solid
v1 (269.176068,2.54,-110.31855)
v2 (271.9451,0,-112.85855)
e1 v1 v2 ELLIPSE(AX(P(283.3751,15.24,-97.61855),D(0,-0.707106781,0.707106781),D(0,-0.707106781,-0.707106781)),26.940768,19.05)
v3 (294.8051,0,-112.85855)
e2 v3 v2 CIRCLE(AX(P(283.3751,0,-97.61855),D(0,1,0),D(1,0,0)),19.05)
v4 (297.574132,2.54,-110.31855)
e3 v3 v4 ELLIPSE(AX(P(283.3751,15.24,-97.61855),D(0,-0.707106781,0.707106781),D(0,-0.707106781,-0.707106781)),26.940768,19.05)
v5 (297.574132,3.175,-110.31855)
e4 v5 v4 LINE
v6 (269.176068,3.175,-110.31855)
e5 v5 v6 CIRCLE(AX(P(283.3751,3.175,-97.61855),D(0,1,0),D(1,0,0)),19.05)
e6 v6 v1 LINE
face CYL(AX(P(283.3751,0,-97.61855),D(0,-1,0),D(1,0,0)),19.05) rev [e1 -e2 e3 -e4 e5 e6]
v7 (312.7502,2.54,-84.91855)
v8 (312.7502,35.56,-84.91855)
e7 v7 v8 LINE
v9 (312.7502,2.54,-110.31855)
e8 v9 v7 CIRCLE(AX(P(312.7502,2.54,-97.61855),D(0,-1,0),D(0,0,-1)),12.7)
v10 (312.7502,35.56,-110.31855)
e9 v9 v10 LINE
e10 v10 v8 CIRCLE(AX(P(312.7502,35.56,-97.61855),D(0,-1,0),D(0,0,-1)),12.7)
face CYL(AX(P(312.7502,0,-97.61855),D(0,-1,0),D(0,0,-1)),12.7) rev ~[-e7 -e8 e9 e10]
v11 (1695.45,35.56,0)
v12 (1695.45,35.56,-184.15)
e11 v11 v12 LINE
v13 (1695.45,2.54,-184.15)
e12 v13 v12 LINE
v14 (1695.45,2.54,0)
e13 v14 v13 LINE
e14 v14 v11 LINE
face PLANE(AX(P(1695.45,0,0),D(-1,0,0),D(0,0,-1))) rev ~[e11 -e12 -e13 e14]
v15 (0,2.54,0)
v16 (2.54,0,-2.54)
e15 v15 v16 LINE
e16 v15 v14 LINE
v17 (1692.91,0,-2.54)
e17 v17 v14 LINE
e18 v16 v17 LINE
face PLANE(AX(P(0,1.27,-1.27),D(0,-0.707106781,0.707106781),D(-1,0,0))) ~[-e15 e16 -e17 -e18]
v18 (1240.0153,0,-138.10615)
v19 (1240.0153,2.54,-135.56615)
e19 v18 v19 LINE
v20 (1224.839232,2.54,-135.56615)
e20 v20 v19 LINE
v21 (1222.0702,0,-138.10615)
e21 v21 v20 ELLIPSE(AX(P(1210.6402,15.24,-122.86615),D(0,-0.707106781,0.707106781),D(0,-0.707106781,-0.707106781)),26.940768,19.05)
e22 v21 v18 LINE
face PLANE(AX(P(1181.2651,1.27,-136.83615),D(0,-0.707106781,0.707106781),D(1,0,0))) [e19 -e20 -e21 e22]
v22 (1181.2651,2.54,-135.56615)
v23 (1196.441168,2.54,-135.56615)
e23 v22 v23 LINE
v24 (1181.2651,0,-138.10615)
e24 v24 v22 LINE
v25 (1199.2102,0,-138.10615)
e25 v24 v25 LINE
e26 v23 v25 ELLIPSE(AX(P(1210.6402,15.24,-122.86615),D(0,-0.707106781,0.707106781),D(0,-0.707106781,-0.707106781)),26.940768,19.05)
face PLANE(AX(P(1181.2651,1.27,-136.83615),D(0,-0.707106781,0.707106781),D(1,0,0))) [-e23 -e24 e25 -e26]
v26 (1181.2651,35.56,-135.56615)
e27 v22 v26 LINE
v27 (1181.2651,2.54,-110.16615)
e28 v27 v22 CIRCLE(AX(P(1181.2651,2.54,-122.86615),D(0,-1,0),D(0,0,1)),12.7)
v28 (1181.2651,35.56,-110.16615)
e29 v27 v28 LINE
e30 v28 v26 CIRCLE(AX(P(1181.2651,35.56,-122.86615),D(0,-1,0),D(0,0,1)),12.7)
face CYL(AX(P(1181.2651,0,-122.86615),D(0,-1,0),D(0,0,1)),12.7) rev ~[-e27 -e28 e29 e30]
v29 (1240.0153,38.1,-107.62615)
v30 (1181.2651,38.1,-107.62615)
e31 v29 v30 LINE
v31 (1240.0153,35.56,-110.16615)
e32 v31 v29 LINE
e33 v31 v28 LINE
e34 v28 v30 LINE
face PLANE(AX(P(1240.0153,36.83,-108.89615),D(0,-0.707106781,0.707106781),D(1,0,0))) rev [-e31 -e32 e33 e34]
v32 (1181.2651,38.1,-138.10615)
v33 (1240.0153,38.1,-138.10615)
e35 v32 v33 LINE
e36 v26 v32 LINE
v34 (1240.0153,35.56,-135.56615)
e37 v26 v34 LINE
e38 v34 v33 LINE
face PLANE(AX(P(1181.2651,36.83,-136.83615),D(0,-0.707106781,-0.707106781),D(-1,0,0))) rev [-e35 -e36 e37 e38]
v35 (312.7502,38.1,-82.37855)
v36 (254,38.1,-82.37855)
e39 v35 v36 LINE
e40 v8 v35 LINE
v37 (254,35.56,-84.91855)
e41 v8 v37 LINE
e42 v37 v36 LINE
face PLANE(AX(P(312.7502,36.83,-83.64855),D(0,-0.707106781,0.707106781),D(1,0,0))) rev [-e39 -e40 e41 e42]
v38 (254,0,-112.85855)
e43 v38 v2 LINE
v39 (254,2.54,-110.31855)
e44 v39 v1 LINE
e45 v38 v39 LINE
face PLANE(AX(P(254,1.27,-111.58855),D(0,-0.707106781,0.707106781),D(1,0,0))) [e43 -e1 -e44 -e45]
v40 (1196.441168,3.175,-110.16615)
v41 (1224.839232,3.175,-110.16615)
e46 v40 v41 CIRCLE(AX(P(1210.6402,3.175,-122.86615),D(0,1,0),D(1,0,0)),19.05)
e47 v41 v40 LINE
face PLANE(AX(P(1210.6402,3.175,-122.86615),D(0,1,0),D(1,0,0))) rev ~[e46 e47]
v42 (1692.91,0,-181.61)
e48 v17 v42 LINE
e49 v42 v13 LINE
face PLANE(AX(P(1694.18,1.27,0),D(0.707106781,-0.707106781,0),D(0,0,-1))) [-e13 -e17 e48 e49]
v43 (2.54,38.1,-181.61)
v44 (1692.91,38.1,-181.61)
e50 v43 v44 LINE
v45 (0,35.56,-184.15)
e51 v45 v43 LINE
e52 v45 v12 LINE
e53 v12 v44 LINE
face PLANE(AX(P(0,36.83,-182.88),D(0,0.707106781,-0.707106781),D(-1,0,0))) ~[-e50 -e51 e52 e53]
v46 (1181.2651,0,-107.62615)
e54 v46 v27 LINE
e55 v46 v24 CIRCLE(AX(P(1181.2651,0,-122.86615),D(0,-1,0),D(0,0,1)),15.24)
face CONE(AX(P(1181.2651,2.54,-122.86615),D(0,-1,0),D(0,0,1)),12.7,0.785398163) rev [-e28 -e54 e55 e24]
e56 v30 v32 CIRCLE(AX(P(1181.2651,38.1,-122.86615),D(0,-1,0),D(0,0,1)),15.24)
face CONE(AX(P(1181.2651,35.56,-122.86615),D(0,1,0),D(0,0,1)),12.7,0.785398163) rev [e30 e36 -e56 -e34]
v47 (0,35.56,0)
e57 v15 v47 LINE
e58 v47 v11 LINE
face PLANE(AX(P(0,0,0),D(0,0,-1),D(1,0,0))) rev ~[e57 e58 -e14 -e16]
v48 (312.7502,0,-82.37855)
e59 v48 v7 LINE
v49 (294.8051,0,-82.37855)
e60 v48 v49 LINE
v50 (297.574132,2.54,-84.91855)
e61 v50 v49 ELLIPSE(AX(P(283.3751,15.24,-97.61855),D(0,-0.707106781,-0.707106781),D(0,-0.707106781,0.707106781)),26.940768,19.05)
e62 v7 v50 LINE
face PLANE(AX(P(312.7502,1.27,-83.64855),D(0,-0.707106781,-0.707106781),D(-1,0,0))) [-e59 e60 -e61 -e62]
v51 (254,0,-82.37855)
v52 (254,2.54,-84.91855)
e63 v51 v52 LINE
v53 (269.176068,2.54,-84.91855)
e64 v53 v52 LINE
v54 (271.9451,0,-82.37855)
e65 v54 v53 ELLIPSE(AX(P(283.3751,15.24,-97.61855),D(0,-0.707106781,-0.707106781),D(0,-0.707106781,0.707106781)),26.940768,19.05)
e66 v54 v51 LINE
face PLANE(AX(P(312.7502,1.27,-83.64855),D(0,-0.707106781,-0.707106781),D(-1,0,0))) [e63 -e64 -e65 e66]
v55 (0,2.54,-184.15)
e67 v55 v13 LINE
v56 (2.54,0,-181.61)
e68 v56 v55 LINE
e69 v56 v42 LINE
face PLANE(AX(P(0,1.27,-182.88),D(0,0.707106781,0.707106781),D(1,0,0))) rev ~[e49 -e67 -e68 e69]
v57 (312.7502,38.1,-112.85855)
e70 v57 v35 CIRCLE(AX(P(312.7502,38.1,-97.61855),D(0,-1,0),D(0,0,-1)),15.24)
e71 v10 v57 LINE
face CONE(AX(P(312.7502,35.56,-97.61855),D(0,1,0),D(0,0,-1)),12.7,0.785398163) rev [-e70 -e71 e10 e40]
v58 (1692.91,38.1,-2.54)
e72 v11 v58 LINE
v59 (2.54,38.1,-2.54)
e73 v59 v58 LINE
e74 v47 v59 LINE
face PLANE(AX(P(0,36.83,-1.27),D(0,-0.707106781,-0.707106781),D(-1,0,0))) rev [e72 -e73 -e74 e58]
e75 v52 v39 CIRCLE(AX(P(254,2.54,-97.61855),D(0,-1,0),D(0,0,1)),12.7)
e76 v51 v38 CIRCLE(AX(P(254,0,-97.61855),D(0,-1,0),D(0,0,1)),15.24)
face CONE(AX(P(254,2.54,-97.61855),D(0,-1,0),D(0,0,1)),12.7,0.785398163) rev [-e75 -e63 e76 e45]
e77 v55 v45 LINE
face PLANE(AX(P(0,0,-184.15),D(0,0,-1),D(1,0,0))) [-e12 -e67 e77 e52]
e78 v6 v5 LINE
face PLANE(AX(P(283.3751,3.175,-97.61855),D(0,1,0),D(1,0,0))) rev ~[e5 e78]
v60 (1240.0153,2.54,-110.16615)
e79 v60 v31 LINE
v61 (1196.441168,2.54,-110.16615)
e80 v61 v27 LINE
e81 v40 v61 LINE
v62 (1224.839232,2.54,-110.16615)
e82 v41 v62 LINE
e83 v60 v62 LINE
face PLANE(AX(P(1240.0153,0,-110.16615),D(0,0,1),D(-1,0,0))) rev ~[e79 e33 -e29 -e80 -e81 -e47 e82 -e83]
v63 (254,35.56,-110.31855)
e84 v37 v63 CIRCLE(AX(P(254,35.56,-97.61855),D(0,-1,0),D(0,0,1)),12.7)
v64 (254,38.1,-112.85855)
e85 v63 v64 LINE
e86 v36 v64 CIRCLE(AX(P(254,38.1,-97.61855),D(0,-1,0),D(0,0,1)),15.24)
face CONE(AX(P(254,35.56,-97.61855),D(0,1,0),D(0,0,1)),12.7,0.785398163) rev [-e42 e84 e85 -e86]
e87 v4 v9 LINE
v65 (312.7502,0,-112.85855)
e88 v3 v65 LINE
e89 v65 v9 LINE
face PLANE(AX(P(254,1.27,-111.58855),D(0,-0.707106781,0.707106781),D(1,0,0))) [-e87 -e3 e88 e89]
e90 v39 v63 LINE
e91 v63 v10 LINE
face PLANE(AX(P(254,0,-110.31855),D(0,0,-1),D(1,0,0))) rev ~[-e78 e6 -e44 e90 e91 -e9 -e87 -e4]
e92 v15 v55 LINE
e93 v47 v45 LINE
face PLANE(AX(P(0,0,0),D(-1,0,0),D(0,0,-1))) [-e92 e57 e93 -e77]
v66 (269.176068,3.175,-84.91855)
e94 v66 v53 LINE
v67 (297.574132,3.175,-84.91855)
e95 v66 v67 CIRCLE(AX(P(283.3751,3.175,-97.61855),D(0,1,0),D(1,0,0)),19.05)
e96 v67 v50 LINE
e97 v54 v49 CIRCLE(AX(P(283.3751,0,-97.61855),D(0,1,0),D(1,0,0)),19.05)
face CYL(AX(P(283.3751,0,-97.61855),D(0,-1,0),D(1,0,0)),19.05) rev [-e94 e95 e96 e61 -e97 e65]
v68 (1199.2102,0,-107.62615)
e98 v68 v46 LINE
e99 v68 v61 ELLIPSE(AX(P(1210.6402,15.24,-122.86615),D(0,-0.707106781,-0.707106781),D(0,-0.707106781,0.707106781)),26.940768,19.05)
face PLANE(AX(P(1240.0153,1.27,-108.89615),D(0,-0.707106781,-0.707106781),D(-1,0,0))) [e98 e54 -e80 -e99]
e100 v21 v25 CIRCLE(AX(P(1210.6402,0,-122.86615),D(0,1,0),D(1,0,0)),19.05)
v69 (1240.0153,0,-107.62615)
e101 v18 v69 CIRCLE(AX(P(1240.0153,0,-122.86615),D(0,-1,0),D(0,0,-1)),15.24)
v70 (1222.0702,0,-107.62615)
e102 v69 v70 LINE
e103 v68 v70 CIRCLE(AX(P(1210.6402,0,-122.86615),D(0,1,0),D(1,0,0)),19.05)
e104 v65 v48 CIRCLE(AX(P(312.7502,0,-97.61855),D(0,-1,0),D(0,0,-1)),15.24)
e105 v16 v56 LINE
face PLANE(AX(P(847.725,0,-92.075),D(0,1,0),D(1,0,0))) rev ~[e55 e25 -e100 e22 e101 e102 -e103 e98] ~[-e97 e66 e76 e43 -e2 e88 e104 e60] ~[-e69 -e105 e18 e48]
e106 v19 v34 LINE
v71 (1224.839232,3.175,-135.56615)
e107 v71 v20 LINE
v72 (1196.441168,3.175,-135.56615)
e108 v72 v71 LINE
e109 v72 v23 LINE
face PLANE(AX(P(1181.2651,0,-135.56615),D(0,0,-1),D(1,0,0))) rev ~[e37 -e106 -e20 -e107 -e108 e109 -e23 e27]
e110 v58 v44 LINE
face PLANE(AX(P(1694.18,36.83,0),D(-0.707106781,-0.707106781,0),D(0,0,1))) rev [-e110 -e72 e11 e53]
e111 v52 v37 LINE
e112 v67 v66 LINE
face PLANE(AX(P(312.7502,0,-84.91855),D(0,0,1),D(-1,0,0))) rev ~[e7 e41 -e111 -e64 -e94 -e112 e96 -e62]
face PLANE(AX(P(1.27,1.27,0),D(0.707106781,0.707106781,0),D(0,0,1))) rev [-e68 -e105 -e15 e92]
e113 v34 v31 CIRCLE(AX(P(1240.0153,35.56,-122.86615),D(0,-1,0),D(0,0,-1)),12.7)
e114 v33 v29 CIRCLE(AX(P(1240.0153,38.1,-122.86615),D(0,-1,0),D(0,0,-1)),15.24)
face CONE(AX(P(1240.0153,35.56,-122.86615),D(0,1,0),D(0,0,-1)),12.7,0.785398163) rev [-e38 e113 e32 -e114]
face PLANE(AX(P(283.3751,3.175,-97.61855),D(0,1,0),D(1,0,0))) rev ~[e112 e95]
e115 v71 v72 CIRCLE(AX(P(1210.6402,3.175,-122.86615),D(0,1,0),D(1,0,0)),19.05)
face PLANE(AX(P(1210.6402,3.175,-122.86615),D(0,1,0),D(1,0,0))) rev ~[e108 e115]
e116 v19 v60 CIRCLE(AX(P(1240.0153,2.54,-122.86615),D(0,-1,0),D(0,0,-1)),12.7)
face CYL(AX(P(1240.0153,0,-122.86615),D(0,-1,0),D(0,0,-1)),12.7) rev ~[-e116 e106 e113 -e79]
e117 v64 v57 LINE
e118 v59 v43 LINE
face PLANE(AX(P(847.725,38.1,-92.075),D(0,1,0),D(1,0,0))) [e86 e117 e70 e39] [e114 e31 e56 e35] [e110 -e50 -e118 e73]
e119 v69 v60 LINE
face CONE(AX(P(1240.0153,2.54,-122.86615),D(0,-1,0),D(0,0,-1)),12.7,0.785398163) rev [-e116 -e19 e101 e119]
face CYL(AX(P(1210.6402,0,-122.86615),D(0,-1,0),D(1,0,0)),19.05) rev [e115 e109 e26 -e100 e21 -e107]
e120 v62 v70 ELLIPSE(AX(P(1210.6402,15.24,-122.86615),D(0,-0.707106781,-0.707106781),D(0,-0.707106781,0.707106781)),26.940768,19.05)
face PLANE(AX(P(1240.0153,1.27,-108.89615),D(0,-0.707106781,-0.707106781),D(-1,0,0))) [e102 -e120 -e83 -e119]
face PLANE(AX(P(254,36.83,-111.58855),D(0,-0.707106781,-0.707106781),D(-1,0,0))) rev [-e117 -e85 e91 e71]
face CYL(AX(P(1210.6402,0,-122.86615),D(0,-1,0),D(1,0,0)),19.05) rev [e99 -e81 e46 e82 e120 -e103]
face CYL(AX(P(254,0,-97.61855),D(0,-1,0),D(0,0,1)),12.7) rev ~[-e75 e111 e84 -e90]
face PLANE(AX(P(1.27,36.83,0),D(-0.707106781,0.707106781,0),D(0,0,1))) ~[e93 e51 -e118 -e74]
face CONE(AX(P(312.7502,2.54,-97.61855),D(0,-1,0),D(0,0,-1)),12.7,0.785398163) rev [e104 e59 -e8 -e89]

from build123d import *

# Parameters (mm, degrees)
SKETCH1_W           = 1695.45
SKETCH1_H           = 184.15
BOSS_EXTRUDE1_DEPTH = 38.1
CHAMFER1_SIZE       = 2.54
CHAMFER2_SIZE       = 2.54
SKETCH2_R           = 19.05
CUT_EXTRUDE1_DEPTH  = 3.175


with BuildPart() as part:
    # Sketch1 → Boss-Extrude1 (new body)
    with BuildSketch(Plane(origin=(0, 0, 0), x_dir=(1, 0, 0), z_dir=(0, 1, 0))):
        with Locations((847.725, 92.075)):
            Rectangle(SKETCH1_W, SKETCH1_H)
        with BuildLine():
            Line((1240.0153, 110.16615), (1181.2651, 110.16615))
            ThreePointArc((1181.2651, 110.16615), (1168.5651, 122.86615), (1181.2651, 135.56615))
            Line((1181.2651, 135.56615), (1240.0153, 135.56615))
            ThreePointArc((1240.0153, 135.56615), (1252.7153, 122.86615), (1240.0153, 110.16615))
        make_face(mode=Mode.SUBTRACT)
        with BuildLine():
            Line((254, 110.31855), (312.7502, 110.31855))
            ThreePointArc((312.7502, 110.31855), (325.4502, 97.61855), (312.7502, 84.91855))
            Line((312.7502, 84.91855), (254, 84.91855))
            ThreePointArc((254, 84.91855), (241.3, 97.61855), (254, 110.31855))
        make_face(mode=Mode.SUBTRACT)
    extrude(amount=BOSS_EXTRUDE1_DEPTH)

    # Chamfer1
    chamfer1_edges = [part.edges().sort_by_distance(p)[0] for p in [
        (1695.45, 38.1, -92.075),
        (1252.7153, 38.1, -122.86615),
        (847.725, 38.1, -184.15),
        (1210.6402, 38.1, -135.56615),
        (1168.5651, 38.1, -122.86615),
        (1210.6402, 38.1, -110.16615),
        (325.4502, 38.1, -97.61855),
        (283.3751, 38.1, -110.31855),
        (241.3, 38.1, -97.61855),
        (283.3751, 38.1, -84.91855),
        (0, 38.1, -92.075),
        (847.725, 38.1, 0),
    ]]
    chamfer(chamfer1_edges, length=CHAMFER1_SIZE)

    # Chamfer2
    chamfer2_edges = [part.edges().sort_by_distance(p)[0] for p in [
        (1252.7153, 0, -122.86615),
        (1210.6402, 0, -135.56615),
        (1168.5651, 0, -122.86615),
        (1210.6402, 0, -110.16615),
        (325.4502, 0, -97.61855),
        (283.3751, 0, -110.31855),
        (241.3, 0, -97.61855),
        (283.3751, 0, -84.91855),
        (847.725, 0, -184.15),
        (1695.45, 0, -92.075),
        (847.725, 0, 0),
        (0, 0, -92.075),
    ]]
    chamfer(chamfer2_edges, length=CHAMFER2_SIZE)

    # Sketch2 → Cut-Extrude1 (cut)
    with BuildSketch(Plane(origin=(0, 0, 0), x_dir=(1, 0, 0), z_dir=(0, 1, 0))):
        with Locations((283.3751, 97.61855)):
            Circle(SKETCH2_R)
        with Locations((1210.6402, 122.86615)):
            Circle(SKETCH2_R)
    extrude(amount=CUT_EXTRUDE1_DEPTH, mode=Mode.SUBTRACT)


solid = part.part
